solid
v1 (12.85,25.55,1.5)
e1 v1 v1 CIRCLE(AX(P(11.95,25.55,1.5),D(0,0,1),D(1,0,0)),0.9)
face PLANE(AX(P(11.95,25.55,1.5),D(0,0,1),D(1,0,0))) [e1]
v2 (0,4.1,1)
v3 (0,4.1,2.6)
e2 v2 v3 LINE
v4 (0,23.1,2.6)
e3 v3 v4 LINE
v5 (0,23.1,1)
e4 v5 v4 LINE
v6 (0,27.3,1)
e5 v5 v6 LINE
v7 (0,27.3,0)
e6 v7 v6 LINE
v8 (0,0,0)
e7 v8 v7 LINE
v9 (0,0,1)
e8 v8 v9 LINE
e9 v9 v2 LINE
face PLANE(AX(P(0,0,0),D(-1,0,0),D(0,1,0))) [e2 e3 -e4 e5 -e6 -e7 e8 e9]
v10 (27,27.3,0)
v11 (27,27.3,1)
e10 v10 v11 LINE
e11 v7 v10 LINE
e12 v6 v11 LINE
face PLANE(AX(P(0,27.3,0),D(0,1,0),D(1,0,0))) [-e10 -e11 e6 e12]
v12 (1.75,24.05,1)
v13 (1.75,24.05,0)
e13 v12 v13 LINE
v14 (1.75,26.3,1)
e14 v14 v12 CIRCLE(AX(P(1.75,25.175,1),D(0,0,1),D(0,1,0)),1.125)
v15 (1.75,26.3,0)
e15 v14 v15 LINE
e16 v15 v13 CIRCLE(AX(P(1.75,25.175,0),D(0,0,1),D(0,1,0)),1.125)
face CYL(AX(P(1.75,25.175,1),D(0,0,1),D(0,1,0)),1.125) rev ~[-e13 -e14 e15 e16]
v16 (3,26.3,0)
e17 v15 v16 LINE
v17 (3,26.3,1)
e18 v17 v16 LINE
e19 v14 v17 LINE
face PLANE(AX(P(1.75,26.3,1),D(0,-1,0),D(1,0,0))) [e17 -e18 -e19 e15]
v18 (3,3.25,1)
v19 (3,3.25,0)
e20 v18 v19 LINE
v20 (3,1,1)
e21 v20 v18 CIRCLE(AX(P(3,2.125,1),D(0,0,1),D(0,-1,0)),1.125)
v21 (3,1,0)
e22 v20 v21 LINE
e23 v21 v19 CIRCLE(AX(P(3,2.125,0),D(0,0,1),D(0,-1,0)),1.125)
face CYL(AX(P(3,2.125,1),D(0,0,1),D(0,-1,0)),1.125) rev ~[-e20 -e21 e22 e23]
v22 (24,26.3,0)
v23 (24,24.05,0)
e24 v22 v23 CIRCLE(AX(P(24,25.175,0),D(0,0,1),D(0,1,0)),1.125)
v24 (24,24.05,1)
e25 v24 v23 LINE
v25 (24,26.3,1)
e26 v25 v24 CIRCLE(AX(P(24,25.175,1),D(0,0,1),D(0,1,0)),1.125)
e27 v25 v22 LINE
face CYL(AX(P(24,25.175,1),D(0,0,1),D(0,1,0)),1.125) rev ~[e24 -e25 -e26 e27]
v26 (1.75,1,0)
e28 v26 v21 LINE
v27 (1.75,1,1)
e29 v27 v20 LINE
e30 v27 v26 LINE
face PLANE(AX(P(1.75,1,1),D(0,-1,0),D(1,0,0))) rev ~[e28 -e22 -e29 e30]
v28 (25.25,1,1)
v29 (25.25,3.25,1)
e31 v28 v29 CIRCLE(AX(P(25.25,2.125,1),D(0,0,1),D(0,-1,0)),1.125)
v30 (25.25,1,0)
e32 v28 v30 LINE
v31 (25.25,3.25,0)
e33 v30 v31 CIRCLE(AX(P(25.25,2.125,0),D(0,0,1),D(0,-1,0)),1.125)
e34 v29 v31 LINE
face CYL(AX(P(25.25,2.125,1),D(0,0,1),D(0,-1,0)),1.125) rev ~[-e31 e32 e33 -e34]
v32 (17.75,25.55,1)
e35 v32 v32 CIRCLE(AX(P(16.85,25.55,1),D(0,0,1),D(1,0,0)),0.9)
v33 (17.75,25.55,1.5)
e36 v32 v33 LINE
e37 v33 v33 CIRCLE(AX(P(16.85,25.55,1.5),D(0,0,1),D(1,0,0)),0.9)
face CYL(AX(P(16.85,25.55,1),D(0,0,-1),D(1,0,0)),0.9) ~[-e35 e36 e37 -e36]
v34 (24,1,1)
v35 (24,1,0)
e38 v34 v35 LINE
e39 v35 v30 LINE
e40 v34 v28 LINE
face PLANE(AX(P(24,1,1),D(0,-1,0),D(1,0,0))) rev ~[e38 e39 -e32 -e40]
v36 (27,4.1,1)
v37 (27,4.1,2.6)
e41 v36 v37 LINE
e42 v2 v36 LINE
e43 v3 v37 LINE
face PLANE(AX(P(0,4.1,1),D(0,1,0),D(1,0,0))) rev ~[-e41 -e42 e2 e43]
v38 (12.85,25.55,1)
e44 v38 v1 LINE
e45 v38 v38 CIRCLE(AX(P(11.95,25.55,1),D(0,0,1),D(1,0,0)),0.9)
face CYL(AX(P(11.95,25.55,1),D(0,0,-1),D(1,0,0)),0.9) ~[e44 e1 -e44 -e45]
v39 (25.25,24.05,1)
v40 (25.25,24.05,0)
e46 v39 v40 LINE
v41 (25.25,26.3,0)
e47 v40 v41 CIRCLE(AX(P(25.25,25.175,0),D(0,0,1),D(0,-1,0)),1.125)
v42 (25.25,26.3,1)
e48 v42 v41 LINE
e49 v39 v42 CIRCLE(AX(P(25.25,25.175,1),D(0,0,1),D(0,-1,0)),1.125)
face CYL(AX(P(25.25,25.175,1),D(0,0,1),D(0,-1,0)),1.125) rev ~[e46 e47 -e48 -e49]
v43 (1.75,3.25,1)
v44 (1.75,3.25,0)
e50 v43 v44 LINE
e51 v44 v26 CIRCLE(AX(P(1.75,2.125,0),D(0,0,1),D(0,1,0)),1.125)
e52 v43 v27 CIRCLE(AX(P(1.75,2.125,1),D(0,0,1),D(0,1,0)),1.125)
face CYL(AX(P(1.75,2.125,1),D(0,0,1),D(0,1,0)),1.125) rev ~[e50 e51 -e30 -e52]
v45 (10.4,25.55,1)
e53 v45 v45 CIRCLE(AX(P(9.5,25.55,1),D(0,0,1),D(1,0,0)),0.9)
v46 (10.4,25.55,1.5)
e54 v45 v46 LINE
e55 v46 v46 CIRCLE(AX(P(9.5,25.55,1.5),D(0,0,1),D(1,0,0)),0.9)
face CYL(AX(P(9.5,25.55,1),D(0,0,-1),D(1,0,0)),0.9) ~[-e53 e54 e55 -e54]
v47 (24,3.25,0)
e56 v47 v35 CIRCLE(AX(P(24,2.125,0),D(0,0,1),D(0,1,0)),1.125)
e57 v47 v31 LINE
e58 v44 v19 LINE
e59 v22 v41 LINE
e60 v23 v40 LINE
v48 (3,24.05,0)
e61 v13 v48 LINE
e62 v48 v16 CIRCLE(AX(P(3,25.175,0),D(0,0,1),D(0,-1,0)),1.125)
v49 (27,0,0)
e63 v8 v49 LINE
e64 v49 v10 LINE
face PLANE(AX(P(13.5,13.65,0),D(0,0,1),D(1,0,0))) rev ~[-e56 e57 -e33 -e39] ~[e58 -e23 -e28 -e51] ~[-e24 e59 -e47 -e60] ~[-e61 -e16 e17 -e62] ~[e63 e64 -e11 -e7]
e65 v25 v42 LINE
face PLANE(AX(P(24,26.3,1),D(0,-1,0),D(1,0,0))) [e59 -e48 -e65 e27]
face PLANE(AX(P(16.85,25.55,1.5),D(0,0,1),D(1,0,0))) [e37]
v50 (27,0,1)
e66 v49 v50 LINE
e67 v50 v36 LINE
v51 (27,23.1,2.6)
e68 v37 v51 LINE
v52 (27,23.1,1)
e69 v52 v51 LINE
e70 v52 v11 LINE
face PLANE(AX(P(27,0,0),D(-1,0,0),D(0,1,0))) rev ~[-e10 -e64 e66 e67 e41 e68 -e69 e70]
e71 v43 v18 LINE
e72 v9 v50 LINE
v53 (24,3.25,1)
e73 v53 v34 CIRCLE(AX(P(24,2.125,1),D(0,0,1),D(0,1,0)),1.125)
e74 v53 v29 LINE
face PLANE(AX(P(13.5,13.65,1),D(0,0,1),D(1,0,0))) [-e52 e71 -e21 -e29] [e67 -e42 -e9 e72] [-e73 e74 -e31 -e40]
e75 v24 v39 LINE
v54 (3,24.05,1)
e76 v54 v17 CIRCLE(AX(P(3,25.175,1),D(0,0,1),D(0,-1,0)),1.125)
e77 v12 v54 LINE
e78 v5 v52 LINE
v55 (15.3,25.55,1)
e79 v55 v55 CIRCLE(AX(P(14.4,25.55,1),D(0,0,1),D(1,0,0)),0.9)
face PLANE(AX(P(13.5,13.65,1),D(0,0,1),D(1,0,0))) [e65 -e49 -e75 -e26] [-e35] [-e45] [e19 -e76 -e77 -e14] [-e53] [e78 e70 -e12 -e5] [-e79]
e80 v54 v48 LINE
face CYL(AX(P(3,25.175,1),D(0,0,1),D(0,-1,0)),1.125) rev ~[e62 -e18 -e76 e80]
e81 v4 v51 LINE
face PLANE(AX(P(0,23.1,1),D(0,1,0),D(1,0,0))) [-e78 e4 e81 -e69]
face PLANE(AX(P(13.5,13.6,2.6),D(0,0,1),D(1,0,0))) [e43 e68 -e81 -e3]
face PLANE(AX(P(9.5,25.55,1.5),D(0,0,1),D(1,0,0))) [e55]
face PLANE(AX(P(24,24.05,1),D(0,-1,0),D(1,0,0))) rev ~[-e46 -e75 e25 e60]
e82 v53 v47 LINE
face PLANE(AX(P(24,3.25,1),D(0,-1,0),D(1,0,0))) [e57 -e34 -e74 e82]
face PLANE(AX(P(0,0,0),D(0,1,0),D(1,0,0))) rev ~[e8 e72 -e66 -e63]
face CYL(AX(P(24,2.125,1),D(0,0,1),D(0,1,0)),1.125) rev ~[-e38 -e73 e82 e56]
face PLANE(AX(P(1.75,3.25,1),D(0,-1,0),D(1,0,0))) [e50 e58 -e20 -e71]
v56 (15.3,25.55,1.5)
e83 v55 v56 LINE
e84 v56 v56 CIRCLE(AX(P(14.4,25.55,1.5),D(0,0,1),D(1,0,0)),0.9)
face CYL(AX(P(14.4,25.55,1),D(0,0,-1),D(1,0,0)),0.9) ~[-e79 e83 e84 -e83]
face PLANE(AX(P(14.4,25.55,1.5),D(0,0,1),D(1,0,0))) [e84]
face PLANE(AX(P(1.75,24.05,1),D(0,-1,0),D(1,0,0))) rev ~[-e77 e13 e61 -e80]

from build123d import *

# Parameters (mm, degrees)
SKETCH004_W     = 27
SKETCH004_H     = 27.3
PAD005_DEPTH    = 1
POCKET003_DEPTH = 1.001
SKETCH005_W     = 27
SKETCH005_H     = 19
PAD001_DEPTH    = 1.6
SKETCH006_R     = 0.9
PAD006_DEPTH    = 0.5


with BuildPart() as part:
    # Sketch004 → Pad005 (new body)
    with BuildSketch(Plane.XY):
        with Locations((13.5, 13.65)):
            Rectangle(SKETCH004_W, SKETCH004_H)
    extrude(amount=PAD005_DEPTH)

    # Sketch001 → Pocket003 (cut, through all)
    with BuildSketch(Plane.XY.offset(1)):
        with BuildLine():
            ThreePointArc((1.75, 26.3), (0.625, 25.175), (1.75, 24.05))
            Line((1.75, 24.05), (3, 24.05))
            ThreePointArc((3, 24.05), (4.125, 25.175), (3, 26.3))
            Line((1.75, 26.3), (3, 26.3))
        make_face()
        with BuildLine():
            ThreePointArc((24, 26.3), (22.875, 25.175), (24, 24.05))
            Line((24, 24.05), (25.25, 24.05))
            ThreePointArc((25.25, 24.05), (26.375, 25.175), (25.25, 26.3))
            Line((24, 26.3), (25.25, 26.3))
        make_face()
        with BuildLine():
            ThreePointArc((1.75, 3.25), (0.625, 2.125), (1.75, 1))
            Line((1.75, 1), (3, 1))
            ThreePointArc((3, 1), (4.125, 2.125), (3, 3.25))
            Line((1.75, 3.25), (3, 3.25))
        make_face()
        with BuildLine():
            ThreePointArc((24, 3.25), (22.875, 2.125), (24, 1))
            Line((24, 1), (25.25, 1))
            ThreePointArc((25.25, 1), (26.375, 2.125), (25.25, 3.25))
            Line((24, 3.25), (25.25, 3.25))
        make_face()
    extrude(amount=-POCKET003_DEPTH, mode=Mode.SUBTRACT)

    # Sketch005 → Pad001 (new body)
    with BuildSketch(Plane.XY.offset(1)):
        with Locations((13.5, 13.6)):
            Rectangle(SKETCH005_W, SKETCH005_H)
    extrude(amount=PAD001_DEPTH)

    # Sketch006 → Pad006 (new body)
    with BuildSketch(Plane.XY.offset(1)):
        with Locations((9.5, 25.55)):
            Circle(SKETCH006_R)
        with Locations((11.95, 25.55)):
            Circle(SKETCH006_R)
        with Locations((14.4, 25.55)):
            Circle(SKETCH006_R)
        with Locations((16.85, 25.55)):
            Circle(SKETCH006_R)
    extrude(amount=PAD006_DEPTH)


solid = part.part
